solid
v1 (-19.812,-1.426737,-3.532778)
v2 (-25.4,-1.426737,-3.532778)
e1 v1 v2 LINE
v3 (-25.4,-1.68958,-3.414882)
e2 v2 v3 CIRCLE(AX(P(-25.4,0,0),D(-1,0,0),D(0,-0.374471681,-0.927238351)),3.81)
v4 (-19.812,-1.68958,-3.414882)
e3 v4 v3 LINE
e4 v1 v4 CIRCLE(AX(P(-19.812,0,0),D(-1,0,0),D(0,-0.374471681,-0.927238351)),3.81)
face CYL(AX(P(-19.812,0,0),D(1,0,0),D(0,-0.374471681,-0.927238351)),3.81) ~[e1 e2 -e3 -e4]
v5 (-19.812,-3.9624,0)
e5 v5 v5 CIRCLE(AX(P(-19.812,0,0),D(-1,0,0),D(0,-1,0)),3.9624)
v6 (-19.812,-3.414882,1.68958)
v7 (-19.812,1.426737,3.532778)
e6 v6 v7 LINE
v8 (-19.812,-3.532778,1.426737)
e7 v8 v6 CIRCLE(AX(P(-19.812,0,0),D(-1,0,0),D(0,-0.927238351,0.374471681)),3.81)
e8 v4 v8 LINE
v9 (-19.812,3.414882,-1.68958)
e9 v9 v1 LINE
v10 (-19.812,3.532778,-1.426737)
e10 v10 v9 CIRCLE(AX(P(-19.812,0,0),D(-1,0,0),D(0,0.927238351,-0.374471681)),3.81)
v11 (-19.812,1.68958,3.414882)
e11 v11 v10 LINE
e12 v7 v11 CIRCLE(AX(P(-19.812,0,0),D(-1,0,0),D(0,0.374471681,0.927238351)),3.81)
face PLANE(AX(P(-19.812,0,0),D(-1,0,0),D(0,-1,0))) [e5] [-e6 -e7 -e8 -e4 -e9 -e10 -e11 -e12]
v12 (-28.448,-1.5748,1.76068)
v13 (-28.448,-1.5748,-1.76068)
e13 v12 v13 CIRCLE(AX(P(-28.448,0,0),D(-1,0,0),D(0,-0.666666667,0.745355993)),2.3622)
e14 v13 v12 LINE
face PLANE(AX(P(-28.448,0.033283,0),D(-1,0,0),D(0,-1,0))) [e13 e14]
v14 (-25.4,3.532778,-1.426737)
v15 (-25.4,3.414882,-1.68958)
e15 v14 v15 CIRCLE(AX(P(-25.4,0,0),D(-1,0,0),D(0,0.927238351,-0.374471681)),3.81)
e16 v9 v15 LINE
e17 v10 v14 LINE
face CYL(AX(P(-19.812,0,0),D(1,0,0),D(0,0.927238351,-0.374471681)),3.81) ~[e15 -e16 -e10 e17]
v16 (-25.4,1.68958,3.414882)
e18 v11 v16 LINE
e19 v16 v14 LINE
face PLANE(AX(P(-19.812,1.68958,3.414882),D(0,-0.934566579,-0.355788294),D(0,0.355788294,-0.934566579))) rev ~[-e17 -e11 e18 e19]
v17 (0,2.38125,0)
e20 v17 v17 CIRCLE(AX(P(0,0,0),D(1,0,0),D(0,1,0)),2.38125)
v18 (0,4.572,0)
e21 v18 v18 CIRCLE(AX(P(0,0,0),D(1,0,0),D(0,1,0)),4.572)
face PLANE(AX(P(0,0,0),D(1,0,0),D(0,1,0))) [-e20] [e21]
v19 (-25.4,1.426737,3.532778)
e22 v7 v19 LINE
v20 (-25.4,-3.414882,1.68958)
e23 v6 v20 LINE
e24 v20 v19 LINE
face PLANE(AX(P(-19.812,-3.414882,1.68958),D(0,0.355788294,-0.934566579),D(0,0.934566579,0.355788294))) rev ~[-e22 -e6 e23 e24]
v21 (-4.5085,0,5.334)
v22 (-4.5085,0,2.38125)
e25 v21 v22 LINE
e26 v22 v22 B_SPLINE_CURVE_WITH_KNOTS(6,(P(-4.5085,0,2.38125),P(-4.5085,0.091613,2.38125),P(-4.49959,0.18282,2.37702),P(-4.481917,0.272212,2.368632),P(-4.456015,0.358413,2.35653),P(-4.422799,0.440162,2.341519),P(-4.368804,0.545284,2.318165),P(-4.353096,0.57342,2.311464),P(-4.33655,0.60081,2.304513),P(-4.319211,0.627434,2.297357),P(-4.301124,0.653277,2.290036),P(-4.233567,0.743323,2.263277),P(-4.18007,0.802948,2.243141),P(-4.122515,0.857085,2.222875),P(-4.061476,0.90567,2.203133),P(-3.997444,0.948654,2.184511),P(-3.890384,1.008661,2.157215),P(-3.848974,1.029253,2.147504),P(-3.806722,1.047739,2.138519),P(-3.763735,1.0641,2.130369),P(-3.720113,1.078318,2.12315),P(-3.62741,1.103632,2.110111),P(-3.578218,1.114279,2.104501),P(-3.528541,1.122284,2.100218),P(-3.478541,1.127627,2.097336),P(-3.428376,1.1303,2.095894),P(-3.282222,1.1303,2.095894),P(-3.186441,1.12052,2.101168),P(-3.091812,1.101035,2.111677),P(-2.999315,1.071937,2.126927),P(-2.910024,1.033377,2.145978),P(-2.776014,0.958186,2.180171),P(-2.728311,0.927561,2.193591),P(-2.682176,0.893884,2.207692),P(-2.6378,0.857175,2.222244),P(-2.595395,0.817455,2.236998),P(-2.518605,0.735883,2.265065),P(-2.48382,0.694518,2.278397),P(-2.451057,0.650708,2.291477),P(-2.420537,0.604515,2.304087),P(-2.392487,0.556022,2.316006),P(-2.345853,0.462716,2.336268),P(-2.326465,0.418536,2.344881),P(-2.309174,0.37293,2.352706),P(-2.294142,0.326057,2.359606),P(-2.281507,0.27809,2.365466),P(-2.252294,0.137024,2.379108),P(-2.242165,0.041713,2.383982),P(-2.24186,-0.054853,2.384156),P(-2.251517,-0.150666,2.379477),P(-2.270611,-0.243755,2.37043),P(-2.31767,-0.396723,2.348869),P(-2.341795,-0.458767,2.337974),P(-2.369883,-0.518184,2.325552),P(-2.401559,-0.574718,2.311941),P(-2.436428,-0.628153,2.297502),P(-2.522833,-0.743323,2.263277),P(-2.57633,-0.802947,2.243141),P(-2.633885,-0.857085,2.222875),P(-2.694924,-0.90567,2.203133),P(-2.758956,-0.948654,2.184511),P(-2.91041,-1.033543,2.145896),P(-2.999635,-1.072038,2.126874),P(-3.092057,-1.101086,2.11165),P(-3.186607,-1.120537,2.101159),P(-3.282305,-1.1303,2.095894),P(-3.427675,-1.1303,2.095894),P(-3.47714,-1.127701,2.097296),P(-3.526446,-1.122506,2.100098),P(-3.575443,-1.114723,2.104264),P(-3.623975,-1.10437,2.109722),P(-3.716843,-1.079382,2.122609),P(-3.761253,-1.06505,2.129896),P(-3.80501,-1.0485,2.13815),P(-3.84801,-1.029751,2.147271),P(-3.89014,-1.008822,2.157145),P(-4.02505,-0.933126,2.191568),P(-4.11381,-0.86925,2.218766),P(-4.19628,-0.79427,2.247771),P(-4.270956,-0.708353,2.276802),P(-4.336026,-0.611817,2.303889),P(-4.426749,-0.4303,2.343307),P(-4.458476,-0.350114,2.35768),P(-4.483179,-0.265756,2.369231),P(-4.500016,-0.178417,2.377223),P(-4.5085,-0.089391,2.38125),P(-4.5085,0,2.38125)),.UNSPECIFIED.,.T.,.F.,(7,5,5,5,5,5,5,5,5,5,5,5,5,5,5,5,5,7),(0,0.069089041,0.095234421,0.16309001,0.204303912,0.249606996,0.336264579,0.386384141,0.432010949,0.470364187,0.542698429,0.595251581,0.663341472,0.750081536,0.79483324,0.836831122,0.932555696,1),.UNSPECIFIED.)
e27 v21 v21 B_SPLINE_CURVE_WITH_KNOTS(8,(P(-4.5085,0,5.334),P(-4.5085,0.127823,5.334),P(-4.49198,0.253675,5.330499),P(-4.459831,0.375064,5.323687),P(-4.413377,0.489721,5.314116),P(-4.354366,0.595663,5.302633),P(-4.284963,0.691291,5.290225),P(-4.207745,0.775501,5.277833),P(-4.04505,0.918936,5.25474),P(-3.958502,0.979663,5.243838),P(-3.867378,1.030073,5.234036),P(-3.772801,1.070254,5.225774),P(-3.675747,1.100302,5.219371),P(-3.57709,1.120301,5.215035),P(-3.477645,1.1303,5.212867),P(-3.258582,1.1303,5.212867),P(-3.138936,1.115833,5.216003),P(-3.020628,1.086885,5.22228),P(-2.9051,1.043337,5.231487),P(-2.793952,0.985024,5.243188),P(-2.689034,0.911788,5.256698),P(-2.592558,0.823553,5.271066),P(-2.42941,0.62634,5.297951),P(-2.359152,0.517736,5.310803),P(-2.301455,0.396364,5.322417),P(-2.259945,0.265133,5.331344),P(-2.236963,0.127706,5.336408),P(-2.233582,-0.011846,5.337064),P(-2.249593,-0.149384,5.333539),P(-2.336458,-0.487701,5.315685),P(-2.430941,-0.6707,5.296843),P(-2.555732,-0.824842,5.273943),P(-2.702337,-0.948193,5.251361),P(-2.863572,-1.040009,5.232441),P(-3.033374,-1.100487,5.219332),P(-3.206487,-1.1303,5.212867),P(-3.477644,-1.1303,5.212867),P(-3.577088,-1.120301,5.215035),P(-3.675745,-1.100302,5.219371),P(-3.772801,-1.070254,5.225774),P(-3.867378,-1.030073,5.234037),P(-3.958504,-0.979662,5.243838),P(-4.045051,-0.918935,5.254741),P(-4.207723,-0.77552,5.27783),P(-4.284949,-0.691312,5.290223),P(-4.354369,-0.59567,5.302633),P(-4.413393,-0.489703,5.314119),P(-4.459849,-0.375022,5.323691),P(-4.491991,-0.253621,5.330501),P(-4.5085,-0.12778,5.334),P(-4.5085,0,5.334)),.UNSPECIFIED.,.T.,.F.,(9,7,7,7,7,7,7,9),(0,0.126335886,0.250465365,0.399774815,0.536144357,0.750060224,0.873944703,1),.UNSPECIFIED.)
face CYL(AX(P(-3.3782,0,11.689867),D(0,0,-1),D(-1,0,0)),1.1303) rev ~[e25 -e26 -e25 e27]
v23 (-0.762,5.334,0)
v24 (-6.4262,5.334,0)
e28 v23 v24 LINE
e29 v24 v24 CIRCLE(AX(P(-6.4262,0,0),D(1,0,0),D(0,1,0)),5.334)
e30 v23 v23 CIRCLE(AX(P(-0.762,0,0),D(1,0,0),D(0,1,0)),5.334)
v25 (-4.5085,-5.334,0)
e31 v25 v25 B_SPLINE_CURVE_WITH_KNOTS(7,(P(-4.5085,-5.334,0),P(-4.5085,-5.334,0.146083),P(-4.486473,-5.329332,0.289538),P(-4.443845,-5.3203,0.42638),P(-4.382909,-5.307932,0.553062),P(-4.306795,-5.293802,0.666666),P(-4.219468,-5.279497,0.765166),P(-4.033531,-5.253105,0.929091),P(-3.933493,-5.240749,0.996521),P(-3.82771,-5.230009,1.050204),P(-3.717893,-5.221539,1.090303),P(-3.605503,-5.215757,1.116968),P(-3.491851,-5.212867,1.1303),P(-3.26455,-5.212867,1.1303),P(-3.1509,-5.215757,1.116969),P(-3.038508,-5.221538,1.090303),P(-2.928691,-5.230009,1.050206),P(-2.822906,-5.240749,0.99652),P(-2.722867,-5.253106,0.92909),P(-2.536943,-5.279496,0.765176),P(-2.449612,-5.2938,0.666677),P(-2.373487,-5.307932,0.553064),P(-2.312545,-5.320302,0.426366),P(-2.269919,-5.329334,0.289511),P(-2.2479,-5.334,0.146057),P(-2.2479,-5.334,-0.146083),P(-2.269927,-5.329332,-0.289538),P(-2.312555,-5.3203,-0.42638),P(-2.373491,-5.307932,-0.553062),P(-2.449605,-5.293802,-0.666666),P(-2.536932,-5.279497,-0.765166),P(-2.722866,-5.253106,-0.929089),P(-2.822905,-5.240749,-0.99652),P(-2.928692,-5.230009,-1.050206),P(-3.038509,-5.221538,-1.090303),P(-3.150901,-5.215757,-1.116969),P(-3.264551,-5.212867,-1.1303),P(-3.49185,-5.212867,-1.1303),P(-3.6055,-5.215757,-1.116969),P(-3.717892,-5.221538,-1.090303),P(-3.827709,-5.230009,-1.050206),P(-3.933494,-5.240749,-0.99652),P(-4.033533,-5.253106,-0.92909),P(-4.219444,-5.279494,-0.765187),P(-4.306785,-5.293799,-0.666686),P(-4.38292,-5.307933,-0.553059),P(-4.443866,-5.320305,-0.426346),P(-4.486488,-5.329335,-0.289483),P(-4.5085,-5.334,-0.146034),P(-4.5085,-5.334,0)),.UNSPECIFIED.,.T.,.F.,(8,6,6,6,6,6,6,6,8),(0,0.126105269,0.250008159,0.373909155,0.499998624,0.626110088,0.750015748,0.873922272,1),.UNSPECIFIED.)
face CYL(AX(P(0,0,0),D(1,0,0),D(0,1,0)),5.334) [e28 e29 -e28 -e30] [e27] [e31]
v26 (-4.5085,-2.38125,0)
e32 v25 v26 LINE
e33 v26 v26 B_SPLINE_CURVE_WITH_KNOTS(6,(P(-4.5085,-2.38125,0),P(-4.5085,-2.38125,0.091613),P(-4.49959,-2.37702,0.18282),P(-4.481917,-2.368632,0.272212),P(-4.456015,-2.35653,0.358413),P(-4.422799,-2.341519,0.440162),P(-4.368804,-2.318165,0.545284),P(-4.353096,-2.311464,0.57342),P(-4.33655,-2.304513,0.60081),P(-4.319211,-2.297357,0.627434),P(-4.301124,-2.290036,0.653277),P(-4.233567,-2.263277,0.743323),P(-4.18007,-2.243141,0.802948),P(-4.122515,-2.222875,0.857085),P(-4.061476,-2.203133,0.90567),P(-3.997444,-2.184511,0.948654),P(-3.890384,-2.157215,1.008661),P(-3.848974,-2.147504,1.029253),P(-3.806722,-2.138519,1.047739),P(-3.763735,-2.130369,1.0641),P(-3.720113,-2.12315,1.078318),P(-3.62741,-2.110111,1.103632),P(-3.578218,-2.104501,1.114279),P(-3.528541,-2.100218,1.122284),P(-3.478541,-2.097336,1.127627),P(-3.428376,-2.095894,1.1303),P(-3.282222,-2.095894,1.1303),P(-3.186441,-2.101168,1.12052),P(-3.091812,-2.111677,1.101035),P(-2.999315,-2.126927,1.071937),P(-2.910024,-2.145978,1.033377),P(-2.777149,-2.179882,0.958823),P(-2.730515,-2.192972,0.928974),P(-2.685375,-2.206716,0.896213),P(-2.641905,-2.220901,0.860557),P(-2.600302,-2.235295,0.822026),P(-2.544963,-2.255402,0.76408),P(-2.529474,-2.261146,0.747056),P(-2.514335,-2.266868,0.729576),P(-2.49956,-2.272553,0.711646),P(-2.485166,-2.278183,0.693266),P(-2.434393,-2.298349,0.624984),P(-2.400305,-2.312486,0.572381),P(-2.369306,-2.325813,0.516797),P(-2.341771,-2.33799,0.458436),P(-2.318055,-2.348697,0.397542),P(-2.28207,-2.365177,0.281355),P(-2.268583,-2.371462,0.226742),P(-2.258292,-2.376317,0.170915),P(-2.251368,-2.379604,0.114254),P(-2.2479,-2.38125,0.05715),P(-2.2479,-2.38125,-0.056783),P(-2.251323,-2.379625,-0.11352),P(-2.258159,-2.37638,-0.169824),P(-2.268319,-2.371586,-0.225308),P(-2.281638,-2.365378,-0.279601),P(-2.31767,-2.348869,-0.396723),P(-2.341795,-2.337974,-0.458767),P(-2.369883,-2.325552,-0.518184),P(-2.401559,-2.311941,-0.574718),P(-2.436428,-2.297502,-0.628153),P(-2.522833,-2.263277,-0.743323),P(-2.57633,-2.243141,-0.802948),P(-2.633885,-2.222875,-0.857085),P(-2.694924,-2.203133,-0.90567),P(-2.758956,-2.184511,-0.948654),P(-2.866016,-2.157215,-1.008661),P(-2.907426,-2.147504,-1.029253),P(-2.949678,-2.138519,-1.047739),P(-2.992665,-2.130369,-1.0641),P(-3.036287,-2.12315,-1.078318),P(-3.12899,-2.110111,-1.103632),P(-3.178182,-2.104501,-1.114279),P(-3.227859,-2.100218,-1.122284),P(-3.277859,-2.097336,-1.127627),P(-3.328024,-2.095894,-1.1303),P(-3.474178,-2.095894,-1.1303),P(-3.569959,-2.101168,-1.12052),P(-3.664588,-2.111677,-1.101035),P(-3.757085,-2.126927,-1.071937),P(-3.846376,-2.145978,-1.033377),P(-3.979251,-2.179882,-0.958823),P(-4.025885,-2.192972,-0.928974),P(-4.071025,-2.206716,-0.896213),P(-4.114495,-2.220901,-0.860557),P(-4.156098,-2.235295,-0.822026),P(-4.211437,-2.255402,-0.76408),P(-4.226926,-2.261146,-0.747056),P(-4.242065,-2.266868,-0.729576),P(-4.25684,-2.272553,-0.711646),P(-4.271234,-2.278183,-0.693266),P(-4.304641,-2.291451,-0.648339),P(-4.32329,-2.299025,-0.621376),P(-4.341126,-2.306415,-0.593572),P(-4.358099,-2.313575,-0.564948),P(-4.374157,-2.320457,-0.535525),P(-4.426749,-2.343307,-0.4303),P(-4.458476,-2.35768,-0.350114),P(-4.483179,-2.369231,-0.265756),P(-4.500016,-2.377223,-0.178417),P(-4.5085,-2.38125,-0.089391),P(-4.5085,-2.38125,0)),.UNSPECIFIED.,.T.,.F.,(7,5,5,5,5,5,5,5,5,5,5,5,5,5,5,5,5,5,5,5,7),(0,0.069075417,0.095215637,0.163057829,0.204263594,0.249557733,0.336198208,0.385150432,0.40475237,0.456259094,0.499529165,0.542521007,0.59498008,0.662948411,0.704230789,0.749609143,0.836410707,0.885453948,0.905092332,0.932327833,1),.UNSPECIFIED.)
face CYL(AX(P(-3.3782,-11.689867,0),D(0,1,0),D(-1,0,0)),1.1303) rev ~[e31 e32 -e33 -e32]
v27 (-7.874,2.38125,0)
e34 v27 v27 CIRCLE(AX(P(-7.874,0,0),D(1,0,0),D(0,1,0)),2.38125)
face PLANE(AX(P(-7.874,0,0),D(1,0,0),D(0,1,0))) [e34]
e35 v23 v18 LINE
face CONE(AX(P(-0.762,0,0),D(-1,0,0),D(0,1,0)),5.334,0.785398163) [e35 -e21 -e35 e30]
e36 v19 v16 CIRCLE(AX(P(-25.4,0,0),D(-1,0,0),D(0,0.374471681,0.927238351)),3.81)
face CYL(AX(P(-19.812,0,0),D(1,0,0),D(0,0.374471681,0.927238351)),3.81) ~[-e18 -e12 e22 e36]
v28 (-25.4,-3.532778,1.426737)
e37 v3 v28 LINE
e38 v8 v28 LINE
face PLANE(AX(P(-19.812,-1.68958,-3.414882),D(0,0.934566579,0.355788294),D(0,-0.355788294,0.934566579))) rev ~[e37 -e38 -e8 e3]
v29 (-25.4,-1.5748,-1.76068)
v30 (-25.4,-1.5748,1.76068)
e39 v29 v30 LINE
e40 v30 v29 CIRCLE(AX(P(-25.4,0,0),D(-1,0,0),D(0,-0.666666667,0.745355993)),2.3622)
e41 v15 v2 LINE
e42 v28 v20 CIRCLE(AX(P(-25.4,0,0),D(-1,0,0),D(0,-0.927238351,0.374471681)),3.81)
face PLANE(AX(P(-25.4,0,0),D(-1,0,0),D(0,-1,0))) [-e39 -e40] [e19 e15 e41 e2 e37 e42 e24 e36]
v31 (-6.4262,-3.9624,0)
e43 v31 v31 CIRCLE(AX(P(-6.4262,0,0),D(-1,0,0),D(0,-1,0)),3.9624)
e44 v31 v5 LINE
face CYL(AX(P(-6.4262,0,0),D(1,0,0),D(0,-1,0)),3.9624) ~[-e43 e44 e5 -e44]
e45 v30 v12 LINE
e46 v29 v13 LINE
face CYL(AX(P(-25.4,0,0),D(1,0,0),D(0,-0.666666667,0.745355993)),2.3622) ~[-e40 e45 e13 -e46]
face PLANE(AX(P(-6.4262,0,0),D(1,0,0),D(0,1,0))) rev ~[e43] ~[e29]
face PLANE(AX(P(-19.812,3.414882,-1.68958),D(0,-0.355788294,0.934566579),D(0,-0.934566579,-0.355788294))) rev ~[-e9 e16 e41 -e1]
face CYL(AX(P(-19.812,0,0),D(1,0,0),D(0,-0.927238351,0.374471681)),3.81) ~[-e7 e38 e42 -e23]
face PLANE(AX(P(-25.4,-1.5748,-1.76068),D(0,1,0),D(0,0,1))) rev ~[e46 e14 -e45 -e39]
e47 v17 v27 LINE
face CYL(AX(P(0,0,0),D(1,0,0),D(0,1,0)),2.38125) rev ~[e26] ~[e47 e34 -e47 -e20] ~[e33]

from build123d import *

# Parameters (mm, degrees)
F0_R      = 5.334
F1_DEPTH  = 6.4262
F2_R      = 3.9624
F3_DEPTH  = 13.3858
F5_DEPTH  = 5.588
F7_DEPTH  = 3.048
F8_SIZE2  = 0.762
F8_SIZE   = 0.762
F9_R      = 2.38125
F10_DEPTH = 7.874
F13_D     = 2.2606
F13_DEPTH = 6.477
F13_START = 0.1211335
F13_TIP   = 0.6791527577
F16_D     = 2.2606
F16_DEPTH = 6.477
F16_START = 0.1211335
F16_TIP   = 0.6791527577


with BuildPart() as f1:
    # F0 (on Right) → F1 (new body)
    with BuildSketch(Plane.YZ):
        Circle(F0_R)
    extrude(amount=-F1_DEPTH)

    # F2 (on face) → F3 (join)
    with BuildSketch(Plane(origin=(-6.4262, 0, 0), x_dir=(0, -1, 0), z_dir=(-1, 0, 0))):
        Circle(F2_R)
    extrude(amount=F3_DEPTH)

    # F4 (on face) → F5 (join)
    with BuildSketch(Plane(origin=(-19.812, 0, 0), x_dir=(0, -1, 0), z_dir=(-1, 0, 0))):
        with BuildLine():
            Line((3.4148820894, 1.6895799227), (-1.4267371035, 3.5327781189))
            ThreePointArc((-1.4267371035, 3.5327781189), (-1.5592731706, 3.4763151726), (-1.6895799227, 3.4148820894))
            Line((-1.6895799227, 3.4148820894), (-3.5327781189, -1.4267371035))
            ThreePointArc((-3.5327781189, -1.4267371035), (-3.4763151726, -1.5592731706), (-3.4148820894, -1.6895799227))
            Line((-3.4148820894, -1.6895799227), (1.4267371035, -3.5327781189))
            ThreePointArc((1.4267371035, -3.5327781189), (1.5592731706, -3.4763151726), (1.6895799227, -3.4148820894))
            Line((1.6895799227, -3.4148820894), (3.5327781189, 1.4267371035))
            ThreePointArc((3.5327781189, 1.4267371035), (3.4763151726, 1.5592731706), (3.4148820894, 1.6895799227))
        make_face()
    extrude(amount=F5_DEPTH)

    # F6 (on face) → F7 (join)
    with BuildSketch(Plane(origin=(-25.4, 0, 0), x_dir=(0, -1, 0), z_dir=(-1, 0, 0))):
        with BuildLine():
            Line((1.5748, -1.7606799255), (1.5748, 1.7606799255))
            ThreePointArc((1.5748, 1.7606799255), (-2.3622, 0), (1.5748, -1.7606799255))
        make_face()
    extrude(amount=F7_DEPTH)

    # F8
    f8_edges = [f1.edges().sort_by_distance(p)[0] for p in [
        (0, -5.334, 0),
    ]]
    chamfer(f8_edges, length=F8_SIZE, length2=F8_SIZE2)

    # F9 (on face) → F10 (cut)
    with BuildSketch(Plane.YZ):
        Circle(F9_R)
    extrude(amount=-F10_DEPTH, mode=Mode.SUBTRACT)

    # F13
    # its depths count from where the whole tool has entered the part; down to there all is cleared
    with Locations(Plane.XZ.offset(5.334).offset(-F13_START)):
        with Locations((-3.3782, 0)):
            Hole(F13_D / 2, depth=F13_DEPTH)
            with Locations((0, 0, -(F13_DEPTH + F13_TIP / 2))):  # 118° drill point
                Cone(0, F13_D / 2, F13_TIP, mode=Mode.SUBTRACT)

    # F16
    # its depths count from where the whole tool has entered the part; down to there all is cleared
    with Locations(Plane.XY.offset(5.334).offset(-F16_START)):
        with Locations((-3.3782, 0)):
            Hole(F16_D / 2, depth=F16_DEPTH)
            with Locations((0, 0, -(F16_DEPTH + F16_TIP / 2))):  # 118° drill point
                Cone(0, F16_D / 2, F16_TIP, mode=Mode.SUBTRACT)


solid = f1.part
